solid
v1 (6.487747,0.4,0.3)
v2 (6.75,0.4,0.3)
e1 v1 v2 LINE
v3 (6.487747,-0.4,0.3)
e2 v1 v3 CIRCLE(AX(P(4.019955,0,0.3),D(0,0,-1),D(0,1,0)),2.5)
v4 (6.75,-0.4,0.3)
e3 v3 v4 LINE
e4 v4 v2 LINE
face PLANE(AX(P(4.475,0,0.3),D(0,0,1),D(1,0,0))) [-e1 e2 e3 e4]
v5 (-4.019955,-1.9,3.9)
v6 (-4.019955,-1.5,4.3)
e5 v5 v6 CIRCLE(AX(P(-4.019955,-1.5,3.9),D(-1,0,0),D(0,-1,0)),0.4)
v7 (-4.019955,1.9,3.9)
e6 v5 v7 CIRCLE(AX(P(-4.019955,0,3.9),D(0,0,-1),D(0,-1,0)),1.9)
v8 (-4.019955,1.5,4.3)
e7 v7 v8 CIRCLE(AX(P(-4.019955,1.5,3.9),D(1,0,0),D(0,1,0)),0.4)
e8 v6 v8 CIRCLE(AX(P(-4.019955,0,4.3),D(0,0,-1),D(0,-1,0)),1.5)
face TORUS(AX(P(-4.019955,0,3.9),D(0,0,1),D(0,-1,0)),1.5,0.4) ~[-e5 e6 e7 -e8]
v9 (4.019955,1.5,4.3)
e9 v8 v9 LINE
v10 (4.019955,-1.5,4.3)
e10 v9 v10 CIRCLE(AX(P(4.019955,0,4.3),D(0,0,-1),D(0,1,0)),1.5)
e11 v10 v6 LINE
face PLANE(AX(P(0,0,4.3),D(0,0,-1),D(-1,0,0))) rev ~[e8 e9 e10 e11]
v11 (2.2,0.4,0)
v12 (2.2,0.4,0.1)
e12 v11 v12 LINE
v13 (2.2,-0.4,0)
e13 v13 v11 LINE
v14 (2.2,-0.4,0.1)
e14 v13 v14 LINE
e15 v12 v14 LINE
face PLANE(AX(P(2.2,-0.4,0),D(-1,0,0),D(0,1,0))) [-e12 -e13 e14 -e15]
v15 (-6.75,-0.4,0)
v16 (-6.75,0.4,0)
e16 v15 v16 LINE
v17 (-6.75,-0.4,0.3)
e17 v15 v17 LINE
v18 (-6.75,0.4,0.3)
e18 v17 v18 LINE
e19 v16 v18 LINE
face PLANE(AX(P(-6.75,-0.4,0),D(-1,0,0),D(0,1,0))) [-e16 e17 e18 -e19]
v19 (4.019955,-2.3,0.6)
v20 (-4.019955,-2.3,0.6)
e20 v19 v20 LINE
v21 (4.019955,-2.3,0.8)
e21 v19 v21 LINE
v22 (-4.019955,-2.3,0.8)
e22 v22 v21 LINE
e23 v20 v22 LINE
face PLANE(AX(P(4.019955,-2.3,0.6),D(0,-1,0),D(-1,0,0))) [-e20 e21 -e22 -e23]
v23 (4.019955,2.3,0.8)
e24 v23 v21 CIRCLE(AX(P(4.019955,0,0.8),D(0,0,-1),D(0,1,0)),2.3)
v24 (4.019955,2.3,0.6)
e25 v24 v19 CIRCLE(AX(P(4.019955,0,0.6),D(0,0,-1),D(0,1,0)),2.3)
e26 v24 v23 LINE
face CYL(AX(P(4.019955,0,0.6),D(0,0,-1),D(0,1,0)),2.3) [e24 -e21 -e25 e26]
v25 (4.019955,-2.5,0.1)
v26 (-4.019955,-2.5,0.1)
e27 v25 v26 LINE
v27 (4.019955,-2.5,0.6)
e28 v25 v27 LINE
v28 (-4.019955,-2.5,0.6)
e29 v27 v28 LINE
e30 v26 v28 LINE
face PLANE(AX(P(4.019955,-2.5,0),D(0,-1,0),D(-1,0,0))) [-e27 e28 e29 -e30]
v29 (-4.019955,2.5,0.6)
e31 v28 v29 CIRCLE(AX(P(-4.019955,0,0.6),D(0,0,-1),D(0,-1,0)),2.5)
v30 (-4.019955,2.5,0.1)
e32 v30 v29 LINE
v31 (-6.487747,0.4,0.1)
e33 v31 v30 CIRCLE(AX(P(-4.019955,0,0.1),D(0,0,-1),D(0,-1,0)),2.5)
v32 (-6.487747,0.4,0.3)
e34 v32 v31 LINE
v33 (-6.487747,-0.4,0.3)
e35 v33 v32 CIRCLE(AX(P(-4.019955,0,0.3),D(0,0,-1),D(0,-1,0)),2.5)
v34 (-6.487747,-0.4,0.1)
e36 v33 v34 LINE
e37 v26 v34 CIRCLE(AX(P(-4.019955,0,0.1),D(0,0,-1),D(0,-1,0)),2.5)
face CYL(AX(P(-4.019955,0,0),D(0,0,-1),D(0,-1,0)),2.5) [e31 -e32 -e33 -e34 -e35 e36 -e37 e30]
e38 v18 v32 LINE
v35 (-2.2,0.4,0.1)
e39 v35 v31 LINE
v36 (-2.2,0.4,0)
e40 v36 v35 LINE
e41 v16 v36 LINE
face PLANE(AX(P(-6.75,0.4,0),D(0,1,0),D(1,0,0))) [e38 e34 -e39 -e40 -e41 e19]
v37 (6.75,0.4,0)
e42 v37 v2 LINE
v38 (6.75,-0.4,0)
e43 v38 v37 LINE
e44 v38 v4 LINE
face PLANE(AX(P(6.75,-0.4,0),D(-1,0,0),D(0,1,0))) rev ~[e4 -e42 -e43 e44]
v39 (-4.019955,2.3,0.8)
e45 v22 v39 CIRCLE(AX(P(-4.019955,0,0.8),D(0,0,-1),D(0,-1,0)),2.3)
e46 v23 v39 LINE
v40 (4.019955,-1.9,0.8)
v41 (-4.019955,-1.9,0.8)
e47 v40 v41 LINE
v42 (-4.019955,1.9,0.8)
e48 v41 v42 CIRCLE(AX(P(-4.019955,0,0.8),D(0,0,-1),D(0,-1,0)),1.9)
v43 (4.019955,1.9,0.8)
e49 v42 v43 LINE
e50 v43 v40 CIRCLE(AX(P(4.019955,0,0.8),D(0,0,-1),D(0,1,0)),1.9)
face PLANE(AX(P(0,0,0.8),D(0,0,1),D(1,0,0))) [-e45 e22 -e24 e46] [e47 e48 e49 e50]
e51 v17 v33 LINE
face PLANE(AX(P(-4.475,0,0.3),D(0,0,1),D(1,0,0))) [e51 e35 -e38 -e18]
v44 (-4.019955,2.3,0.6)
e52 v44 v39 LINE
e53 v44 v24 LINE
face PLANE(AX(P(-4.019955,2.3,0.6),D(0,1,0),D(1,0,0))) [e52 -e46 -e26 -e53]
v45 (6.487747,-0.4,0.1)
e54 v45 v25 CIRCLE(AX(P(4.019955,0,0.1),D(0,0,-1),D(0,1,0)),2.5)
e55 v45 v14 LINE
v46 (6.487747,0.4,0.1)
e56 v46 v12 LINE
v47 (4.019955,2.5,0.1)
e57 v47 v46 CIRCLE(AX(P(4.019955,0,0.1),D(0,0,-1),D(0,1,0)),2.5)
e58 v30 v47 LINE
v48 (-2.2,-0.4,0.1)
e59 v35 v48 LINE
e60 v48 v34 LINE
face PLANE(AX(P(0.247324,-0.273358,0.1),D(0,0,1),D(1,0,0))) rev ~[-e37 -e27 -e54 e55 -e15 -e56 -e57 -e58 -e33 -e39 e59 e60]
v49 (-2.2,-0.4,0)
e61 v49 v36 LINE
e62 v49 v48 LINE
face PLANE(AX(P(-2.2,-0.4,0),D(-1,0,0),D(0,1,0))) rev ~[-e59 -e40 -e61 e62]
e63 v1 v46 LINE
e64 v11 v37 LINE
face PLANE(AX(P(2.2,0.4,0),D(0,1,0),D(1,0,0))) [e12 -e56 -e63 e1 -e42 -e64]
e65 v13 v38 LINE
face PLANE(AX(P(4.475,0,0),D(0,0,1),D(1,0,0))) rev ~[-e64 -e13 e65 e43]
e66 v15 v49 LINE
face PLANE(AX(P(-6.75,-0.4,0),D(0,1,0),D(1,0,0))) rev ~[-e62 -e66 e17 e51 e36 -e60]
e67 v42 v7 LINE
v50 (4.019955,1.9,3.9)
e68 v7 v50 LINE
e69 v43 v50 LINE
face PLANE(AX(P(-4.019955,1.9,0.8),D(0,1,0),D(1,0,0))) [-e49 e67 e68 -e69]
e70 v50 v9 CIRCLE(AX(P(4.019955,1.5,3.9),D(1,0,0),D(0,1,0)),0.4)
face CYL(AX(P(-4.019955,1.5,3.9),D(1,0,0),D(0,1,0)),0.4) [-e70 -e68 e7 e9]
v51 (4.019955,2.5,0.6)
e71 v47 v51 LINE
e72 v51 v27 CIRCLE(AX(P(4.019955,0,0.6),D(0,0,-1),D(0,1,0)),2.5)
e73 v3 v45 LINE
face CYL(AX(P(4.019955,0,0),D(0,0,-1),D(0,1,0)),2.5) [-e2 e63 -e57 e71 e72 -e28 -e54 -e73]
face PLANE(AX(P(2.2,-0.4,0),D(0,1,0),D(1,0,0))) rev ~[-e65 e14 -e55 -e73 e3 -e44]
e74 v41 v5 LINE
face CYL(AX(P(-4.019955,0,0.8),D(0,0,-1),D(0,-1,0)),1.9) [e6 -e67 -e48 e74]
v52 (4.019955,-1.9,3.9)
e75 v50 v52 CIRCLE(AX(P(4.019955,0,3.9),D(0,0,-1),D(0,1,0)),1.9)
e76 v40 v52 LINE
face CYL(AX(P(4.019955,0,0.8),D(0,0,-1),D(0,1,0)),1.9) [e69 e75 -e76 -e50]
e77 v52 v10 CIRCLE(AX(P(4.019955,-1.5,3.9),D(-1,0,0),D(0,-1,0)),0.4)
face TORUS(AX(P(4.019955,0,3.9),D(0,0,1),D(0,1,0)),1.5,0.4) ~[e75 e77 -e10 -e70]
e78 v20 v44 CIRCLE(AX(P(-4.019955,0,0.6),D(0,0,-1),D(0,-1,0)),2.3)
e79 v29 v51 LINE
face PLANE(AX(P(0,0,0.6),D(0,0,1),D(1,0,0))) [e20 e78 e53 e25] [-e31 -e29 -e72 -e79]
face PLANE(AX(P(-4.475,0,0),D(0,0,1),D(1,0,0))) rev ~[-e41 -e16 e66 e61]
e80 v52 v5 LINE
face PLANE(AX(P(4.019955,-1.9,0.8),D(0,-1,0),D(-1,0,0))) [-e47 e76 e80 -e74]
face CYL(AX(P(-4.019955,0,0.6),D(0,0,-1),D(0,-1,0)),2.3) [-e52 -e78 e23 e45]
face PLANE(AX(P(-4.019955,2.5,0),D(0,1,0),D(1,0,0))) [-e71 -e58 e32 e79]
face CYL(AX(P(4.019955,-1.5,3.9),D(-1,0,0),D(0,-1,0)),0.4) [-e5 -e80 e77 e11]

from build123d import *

# Parameters (mm, degrees)
BOSS_EXTRUDE1_DEPTH = 4.3
CUT_EXTRUDE1_START  = 0.8
SKETCH2_OUTSIDE_W   = 17.962
SKETCH2_OUTSIDE_H   = 9.922
CUT_EXTRUDE1_DEPTH  = 4.5
FILLET1_R           = 0.4
CUT_EXTRUDE2_START  = 0.6
SKETCH3_OUTSIDE_W   = 17.962
SKETCH3_OUTSIDE_H   = 9.922
CUT_EXTRUDE2_DEPTH  = 4.7
SKETCH5_W           = 15.203925075
SKETCH5_H           = 7.601962538
CUT_EXTRUDE3_DEPTH  = 0.1
SKETCH6_W           = 4.55
SKETCH6_H           = 0.8
BOSS_EXTRUDE2_DEPTH = 0.3


with BuildPart() as part:
    # Sketch1 → Boss-Extrude1 (new body)
    with BuildSketch(Plane.XY):
        with BuildLine():
            Line((-4.019954666, 2.5), (4.019954666, 2.5))
            ThreePointArc((4.019954666, 2.5), (6.519954666, 0), (4.019954666, -2.5))
            Line((4.019954666, -2.5), (-4.019954666, -2.5))
            ThreePointArc((-4.019954666, -2.5), (-6.519954666, 0), (-4.019954666, 2.5))
        make_face()
    extrude(amount=BOSS_EXTRUDE1_DEPTH)

    # Sketch2 outside → Cut-Extrude1 (cut, through all)
    with BuildSketch(Plane.XY.offset(CUT_EXTRUDE1_START)):
        Rectangle(SKETCH2_OUTSIDE_W, SKETCH2_OUTSIDE_H)
        with BuildLine():
            Line((-4.019954666, 1.9), (4.019954666, 1.9))
            ThreePointArc((4.019954666, 1.9), (5.919954666, 0), (4.019954666, -1.9))
            Line((4.019954666, -1.9), (-4.019954666, -1.9))
            ThreePointArc((-4.019954666, -1.9), (-5.919954666, 0), (-4.019954666, 1.9))
        make_face(mode=Mode.SUBTRACT)
    extrude(amount=CUT_EXTRUDE1_DEPTH, mode=Mode.SUBTRACT)

    # Fillet1
    fillet1_edges = [part.edges().sort_by_distance(p)[0] for p in [
        (-5.919954666, 0, 4.3),
        (0, -1.9, 4.3),
        (5.919954666, 0, 4.3),
        (0, 1.9, 4.3),
    ]]
    fillet(fillet1_edges, radius=FILLET1_R)

    # Sketch3 outside → Cut-Extrude2 (cut, through all)
    with BuildSketch(Plane.XY.offset(CUT_EXTRUDE2_START)):
        Rectangle(SKETCH3_OUTSIDE_W, SKETCH3_OUTSIDE_H)
        with BuildLine():
            Line((-4.019954666, 2.3), (4.019954666, 2.3))
            ThreePointArc((4.019954666, 2.3), (6.319954666, 0), (4.019954666, -2.3))
            Line((4.019954666, -2.3), (-4.019954666, -2.3))
            ThreePointArc((-4.019954666, -2.3), (-6.319954666, 0), (-4.019954666, 2.3))
        make_face(mode=Mode.SUBTRACT)
    extrude(amount=CUT_EXTRUDE2_DEPTH, mode=Mode.SUBTRACT)

    # Sketch5 → Cut-Extrude3 (cut)
    with BuildSketch(Plane.XY):
        with Locations((0.247324124, -0.273358242)):
            Rectangle(SKETCH5_W, SKETCH5_H)
    extrude(amount=CUT_EXTRUDE3_DEPTH, mode=Mode.SUBTRACT)

    # Sketch6 → Boss-Extrude2 (add)
    with BuildSketch(Plane.XY):
        with Locations((-4.475, 0)):
            Rectangle(SKETCH6_W, SKETCH6_H)
        with Locations((4.475, 0)):
            Rectangle(SKETCH6_W, SKETCH6_H)
    extrude(amount=BOSS_EXTRUDE2_DEPTH)


solid = part.part
